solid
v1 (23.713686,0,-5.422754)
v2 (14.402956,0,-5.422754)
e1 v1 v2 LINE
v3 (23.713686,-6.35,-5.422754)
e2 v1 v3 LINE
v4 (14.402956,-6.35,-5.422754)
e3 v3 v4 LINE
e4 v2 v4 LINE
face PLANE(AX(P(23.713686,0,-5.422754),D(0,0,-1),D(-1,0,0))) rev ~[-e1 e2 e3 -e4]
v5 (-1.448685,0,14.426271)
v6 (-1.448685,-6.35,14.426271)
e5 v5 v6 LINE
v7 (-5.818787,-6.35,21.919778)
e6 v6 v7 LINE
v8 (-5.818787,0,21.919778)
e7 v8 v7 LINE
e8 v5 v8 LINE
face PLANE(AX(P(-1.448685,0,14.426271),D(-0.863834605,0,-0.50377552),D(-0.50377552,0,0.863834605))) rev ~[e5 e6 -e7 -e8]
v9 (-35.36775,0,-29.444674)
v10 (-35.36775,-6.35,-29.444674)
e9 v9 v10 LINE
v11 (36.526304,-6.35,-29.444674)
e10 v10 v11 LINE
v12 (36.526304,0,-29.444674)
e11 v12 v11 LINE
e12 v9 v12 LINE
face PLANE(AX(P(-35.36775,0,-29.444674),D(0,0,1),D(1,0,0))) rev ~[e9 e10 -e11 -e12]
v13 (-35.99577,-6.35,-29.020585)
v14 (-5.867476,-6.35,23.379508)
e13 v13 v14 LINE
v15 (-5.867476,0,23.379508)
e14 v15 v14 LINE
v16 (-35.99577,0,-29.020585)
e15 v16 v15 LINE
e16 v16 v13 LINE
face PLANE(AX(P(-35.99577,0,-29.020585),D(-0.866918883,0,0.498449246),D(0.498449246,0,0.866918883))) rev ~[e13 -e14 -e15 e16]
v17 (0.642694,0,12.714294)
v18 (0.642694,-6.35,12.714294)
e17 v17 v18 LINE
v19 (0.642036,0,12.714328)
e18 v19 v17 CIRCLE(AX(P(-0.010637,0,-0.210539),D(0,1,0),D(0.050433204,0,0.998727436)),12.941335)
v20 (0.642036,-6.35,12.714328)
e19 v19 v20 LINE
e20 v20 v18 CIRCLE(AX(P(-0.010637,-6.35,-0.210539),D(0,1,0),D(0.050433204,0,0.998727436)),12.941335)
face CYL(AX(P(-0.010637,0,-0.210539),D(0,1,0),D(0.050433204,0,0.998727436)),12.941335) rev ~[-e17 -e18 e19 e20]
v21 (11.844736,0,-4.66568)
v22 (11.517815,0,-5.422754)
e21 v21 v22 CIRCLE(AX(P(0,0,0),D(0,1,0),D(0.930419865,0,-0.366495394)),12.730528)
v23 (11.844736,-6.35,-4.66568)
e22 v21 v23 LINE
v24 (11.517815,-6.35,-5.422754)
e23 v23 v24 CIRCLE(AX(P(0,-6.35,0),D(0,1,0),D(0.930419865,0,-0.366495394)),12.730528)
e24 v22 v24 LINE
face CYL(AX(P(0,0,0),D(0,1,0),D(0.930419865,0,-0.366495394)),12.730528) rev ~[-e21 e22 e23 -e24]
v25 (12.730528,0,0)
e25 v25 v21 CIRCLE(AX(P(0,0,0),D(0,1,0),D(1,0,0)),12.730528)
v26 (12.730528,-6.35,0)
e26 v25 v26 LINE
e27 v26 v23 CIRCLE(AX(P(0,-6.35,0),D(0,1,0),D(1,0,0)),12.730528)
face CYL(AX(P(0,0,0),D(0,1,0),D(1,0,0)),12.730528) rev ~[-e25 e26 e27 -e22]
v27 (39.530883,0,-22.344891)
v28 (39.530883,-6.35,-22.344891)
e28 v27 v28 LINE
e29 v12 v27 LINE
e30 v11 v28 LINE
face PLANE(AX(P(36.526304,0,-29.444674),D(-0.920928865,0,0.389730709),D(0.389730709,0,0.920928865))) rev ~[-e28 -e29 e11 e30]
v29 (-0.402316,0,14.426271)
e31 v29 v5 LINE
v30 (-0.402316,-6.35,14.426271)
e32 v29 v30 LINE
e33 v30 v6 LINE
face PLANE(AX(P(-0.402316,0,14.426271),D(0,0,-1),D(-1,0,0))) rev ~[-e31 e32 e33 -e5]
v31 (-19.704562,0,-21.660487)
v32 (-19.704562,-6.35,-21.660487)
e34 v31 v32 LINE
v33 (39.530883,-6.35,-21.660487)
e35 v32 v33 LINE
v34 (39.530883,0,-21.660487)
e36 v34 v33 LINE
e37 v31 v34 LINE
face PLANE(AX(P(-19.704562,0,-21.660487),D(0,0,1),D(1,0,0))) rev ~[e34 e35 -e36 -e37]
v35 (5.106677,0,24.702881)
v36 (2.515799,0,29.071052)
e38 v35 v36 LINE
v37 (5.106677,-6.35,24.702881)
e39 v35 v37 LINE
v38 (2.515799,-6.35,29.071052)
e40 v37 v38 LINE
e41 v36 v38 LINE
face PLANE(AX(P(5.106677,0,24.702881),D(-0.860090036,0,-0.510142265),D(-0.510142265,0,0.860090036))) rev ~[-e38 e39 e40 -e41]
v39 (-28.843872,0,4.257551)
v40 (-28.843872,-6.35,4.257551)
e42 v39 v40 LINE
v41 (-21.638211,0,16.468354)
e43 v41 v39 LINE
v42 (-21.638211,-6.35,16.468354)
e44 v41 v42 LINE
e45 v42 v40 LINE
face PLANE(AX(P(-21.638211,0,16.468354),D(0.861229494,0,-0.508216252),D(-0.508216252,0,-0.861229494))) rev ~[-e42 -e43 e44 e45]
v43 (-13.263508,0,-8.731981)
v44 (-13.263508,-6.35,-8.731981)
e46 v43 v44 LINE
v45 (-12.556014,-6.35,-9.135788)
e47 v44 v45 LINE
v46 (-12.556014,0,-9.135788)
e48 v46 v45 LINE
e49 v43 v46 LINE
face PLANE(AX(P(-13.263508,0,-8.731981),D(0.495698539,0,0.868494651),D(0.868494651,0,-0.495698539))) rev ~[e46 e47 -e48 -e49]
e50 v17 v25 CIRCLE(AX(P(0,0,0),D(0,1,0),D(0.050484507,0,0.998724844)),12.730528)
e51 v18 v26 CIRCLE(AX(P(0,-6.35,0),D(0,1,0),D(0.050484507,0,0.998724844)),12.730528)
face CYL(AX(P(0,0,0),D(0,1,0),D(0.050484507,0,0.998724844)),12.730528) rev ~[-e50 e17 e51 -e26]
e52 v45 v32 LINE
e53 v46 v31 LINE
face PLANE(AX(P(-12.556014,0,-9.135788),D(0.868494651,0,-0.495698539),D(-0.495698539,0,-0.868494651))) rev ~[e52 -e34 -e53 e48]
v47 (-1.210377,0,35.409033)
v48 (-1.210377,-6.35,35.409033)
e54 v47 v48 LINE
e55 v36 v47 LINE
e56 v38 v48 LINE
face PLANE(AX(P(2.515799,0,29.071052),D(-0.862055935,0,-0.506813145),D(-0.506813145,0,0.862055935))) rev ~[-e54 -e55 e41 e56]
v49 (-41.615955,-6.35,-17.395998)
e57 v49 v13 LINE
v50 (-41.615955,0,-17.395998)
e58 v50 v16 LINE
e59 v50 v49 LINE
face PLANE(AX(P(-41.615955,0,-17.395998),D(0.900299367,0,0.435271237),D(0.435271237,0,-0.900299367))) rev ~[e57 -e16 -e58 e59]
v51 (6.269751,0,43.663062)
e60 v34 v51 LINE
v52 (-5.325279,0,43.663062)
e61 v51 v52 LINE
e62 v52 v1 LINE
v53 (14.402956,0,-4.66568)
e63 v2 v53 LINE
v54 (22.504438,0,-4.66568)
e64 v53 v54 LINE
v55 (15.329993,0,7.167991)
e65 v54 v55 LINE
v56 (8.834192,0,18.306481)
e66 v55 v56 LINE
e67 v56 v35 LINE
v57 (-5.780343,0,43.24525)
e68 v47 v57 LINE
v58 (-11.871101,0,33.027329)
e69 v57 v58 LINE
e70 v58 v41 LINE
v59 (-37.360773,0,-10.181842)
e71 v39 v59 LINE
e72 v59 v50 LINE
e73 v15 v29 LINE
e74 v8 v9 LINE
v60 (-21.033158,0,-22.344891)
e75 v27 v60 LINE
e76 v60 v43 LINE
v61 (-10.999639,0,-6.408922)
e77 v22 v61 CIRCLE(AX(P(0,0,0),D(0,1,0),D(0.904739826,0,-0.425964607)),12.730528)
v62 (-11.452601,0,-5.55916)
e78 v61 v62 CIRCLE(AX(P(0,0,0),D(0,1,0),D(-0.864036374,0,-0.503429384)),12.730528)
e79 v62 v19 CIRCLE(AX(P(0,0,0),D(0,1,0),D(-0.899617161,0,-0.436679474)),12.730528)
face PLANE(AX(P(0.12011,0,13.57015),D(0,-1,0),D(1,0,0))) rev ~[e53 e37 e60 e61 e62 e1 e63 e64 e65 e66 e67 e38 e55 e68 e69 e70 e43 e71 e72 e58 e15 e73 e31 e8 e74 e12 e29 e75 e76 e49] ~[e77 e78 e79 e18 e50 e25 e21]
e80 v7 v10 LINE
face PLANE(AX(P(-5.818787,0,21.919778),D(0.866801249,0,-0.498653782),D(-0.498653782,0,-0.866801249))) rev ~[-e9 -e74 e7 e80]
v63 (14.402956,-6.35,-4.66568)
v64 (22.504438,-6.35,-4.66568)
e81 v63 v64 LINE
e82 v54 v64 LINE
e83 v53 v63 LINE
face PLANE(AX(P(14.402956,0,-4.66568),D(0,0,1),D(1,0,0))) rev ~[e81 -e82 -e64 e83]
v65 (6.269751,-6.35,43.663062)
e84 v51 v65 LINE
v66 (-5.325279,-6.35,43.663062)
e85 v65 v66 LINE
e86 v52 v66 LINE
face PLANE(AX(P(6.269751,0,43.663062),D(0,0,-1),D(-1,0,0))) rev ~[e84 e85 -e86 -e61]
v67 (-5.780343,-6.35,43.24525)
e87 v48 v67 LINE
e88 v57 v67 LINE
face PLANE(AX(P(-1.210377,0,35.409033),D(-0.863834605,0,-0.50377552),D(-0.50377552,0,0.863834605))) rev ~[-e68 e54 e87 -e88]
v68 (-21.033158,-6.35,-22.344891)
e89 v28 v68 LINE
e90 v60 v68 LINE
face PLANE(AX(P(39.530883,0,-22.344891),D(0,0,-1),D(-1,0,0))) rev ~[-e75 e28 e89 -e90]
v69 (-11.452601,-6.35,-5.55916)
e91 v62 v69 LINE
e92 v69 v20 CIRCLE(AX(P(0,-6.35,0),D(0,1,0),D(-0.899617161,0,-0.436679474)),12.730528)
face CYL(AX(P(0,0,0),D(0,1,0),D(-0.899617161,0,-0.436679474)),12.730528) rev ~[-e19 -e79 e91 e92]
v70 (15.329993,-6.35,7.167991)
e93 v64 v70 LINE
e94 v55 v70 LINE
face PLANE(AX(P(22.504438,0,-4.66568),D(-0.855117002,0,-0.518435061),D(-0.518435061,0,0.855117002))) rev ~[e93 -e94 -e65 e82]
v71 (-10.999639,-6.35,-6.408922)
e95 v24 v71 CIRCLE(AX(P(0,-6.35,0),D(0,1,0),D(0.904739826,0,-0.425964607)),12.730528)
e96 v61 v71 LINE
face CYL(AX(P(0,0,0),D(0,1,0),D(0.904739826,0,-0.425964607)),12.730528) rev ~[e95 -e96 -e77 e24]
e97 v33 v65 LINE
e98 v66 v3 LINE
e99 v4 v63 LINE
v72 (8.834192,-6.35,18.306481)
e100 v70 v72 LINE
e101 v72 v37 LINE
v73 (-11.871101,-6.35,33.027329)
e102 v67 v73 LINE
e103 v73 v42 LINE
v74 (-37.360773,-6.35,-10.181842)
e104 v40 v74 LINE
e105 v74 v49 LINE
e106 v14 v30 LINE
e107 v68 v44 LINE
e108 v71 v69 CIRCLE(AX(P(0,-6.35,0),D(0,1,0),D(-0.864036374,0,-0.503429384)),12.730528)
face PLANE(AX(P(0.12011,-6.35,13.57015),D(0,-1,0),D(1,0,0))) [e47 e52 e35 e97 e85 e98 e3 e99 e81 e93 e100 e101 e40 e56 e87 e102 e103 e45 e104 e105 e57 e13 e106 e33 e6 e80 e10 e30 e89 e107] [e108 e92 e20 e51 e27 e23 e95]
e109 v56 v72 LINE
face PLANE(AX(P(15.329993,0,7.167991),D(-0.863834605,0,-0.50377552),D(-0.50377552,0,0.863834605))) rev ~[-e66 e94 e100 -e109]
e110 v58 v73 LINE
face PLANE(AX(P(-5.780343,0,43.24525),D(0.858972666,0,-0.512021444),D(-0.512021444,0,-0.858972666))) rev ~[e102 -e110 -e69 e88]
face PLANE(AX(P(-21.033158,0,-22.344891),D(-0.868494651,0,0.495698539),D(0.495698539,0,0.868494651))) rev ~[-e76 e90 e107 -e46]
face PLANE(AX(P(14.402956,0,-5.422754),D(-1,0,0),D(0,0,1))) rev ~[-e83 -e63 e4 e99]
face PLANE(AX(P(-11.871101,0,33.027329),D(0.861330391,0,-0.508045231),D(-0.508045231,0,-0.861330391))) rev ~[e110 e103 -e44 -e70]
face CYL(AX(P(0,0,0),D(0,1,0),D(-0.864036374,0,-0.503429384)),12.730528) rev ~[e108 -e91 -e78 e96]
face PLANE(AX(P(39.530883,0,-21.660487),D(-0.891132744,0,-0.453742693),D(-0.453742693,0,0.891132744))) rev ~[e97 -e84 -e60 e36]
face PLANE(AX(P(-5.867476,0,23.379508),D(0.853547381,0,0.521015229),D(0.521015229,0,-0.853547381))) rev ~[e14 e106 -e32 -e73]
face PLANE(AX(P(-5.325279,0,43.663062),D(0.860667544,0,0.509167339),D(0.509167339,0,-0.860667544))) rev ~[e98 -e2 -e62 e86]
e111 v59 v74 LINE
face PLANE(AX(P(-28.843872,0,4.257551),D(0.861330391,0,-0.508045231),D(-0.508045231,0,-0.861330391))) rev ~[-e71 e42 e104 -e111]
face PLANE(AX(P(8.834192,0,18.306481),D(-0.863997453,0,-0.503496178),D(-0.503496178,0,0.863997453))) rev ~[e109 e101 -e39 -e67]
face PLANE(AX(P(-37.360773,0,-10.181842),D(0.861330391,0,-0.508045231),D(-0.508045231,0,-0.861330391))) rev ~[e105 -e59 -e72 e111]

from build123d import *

# Parameters (mm, degrees)
F1_DEPTH = 6.35


with BuildPart() as f1:
    # F0 (on Front) → F1 (new body)
    with BuildSketch(Plane.XZ):
        with BuildLine():
            ThreePointArc((0.6420356595, 12.7143275372), (0.6423650343, 12.7143109004), (0.6426944088, 12.7142942552))
            Line((0.6426944088, 12.7142942552), (-0.4023160921, 14.4262710383))
            Line((-0.4023160921, 14.4262710383), (0.6420356595, 12.7143275372))
        make_face()
        with BuildLine():
            Line((-0.4023160921, 14.4262710383), (0.6426944088, 12.7142942552))
            ThreePointArc((0.6426944088, 12.7142942552), (9.2262715508, 8.7716730321), (12.7305276603, 0))
            ThreePointArc((12.7305276603, 0), (12.5071194057, -2.3745101985), (11.8447358325, -4.6656797543))
            Line((11.8447358325, -4.6656797543), (14.4029557705, -4.6656797543))
            Line((14.4029557705, -4.6656797543), (22.5044383929, -4.6656797543))
            Line((22.5044383929, -4.6656797543), (15.3299933299, 7.1679912508))
            Line((15.3299933299, 7.1679912508), (8.834191598, 18.3064807206))
            Line((8.834191598, 18.3064807206), (5.1066773012, 24.7028805315))
            Line((5.1066773012, 24.7028805315), (2.5157989003, 29.0710516274))
            Line((2.5157989003, 29.0710516274), (-1.2103774352, 35.4090332985))
            Line((-1.2103774352, 35.4090332985), (-5.780342864, 43.2452502747))
            Line((-5.780342864, 43.2452502747), (-11.8711013347, 33.0273285508))
            Line((-11.8711013347, 33.0273285508), (-21.6382108629, 16.4683535695))
            Line((-21.6382108629, 16.4683535695), (-28.8438722491, 4.2575513944))
            Line((-28.8438722491, 4.2575513944), (-37.3607726563, -10.1818424051))
            Line((-37.3607726563, -10.1818424051), (-41.6159545072, -17.3959982008))
            Line((-41.6159545072, -17.3959982008), (-35.9957702458, -29.0205851197))
            Line((-35.9957702458, -29.0205851197), (-5.8674761094, 23.3795084059))
            Line((-5.8674761094, 23.3795084059), (-0.4023160921, 14.4262710383))
        make_face()
        with BuildLine():
            ThreePointArc((-0.4550087817, 12.7223937024), (0.0936003687, 12.7301835604), (0.6420356595, 12.7143275372))
            Line((0.6420356595, 12.7143275372), (-0.4023160921, 14.4262710383))
            Line((-0.4023160921, 14.4262710383), (-1.4486847535, 14.4262710383))
            Line((-1.4486847535, 14.4262710383), (-0.4550087817, 12.7223937024))
        make_face()
        with BuildLine():
            Line((14.4029557705, -4.6656797543), (11.8447358325, -4.6656797543))
            ThreePointArc((11.8447358325, -4.6656797543), (11.6874073381, -5.0468647915), (11.5178153855, -5.4227542132))
            Line((11.5178153855, -5.4227542132), (14.4029557705, -5.4227542132))
            Line((14.4029557705, -5.4227542132), (14.4029557705, -4.6656797543))
        make_face()
        with BuildLine():
            ThreePointArc((-11.4526011537, -5.5591601277), (-10.9087852763, 6.5623729174), (-0.4550087817, 12.7223937024))
            Line((-0.4550087817, 12.7223937024), (-1.4486847535, 14.4262710383))
            Line((-1.4486847535, 14.4262710383), (-5.8187865652, 21.9197776169))
            Line((-5.8187865652, 21.9197776169), (-35.3677496314, -29.4446740299))
            Line((-35.3677496314, -29.4446740299), (36.5263037384, -29.4446740299))
            Line((36.5263037384, -29.4446740299), (39.5308825609, -22.344891277))
            Line((39.5308825609, -22.344891277), (-21.0331580314, -22.344891277))
            Line((-21.0331580314, -22.344891277), (-13.2635079075, -8.731981321))
            Line((-13.2635079075, -8.731981321), (-11.4526011537, -5.5591601277))
        make_face()
        with BuildLine():
            Line((14.4029557705, -5.4227542132), (11.5178153855, -5.4227542132))
            ThreePointArc((11.5178153855, -5.4227542132), (0.5570083344, -12.7183362208), (-10.9996389525, -6.4089217053))
            Line((-10.9996389525, -6.4089217053), (-12.5560140818, -9.1357876716))
            Line((-12.5560140818, -9.1357876716), (-19.7045617315, -21.6604874868))
            Line((-19.7045617315, -21.6604874868), (39.5308825609, -21.6604874868))
            Line((39.5308825609, -21.6604874868), (6.2697511166, 43.6630621552))
            Line((6.2697511166, 43.6630621552), (-5.3252791986, 43.6630621552))
            Line((-5.3252791986, 43.6630621552), (23.7136855721, -5.4227542132))
            Line((23.7136855721, -5.4227542132), (14.4029557705, -5.4227542132))
        make_face()
        with BuildLine():
            ThreePointArc((-10.9996389525, -6.4089217053), (-11.2341575176, -5.9883252566), (-11.4526011537, -5.5591601277))
            Line((-11.4526011537, -5.5591601277), (-13.2635079075, -8.731981321))
            Line((-13.2635079075, -8.731981321), (-12.5560140818, -9.1357876716))
            Line((-12.5560140818, -9.1357876716), (-10.9996389525, -6.4089217053))
        make_face()
    extrude(amount=F1_DEPTH)


solid = f1.part
